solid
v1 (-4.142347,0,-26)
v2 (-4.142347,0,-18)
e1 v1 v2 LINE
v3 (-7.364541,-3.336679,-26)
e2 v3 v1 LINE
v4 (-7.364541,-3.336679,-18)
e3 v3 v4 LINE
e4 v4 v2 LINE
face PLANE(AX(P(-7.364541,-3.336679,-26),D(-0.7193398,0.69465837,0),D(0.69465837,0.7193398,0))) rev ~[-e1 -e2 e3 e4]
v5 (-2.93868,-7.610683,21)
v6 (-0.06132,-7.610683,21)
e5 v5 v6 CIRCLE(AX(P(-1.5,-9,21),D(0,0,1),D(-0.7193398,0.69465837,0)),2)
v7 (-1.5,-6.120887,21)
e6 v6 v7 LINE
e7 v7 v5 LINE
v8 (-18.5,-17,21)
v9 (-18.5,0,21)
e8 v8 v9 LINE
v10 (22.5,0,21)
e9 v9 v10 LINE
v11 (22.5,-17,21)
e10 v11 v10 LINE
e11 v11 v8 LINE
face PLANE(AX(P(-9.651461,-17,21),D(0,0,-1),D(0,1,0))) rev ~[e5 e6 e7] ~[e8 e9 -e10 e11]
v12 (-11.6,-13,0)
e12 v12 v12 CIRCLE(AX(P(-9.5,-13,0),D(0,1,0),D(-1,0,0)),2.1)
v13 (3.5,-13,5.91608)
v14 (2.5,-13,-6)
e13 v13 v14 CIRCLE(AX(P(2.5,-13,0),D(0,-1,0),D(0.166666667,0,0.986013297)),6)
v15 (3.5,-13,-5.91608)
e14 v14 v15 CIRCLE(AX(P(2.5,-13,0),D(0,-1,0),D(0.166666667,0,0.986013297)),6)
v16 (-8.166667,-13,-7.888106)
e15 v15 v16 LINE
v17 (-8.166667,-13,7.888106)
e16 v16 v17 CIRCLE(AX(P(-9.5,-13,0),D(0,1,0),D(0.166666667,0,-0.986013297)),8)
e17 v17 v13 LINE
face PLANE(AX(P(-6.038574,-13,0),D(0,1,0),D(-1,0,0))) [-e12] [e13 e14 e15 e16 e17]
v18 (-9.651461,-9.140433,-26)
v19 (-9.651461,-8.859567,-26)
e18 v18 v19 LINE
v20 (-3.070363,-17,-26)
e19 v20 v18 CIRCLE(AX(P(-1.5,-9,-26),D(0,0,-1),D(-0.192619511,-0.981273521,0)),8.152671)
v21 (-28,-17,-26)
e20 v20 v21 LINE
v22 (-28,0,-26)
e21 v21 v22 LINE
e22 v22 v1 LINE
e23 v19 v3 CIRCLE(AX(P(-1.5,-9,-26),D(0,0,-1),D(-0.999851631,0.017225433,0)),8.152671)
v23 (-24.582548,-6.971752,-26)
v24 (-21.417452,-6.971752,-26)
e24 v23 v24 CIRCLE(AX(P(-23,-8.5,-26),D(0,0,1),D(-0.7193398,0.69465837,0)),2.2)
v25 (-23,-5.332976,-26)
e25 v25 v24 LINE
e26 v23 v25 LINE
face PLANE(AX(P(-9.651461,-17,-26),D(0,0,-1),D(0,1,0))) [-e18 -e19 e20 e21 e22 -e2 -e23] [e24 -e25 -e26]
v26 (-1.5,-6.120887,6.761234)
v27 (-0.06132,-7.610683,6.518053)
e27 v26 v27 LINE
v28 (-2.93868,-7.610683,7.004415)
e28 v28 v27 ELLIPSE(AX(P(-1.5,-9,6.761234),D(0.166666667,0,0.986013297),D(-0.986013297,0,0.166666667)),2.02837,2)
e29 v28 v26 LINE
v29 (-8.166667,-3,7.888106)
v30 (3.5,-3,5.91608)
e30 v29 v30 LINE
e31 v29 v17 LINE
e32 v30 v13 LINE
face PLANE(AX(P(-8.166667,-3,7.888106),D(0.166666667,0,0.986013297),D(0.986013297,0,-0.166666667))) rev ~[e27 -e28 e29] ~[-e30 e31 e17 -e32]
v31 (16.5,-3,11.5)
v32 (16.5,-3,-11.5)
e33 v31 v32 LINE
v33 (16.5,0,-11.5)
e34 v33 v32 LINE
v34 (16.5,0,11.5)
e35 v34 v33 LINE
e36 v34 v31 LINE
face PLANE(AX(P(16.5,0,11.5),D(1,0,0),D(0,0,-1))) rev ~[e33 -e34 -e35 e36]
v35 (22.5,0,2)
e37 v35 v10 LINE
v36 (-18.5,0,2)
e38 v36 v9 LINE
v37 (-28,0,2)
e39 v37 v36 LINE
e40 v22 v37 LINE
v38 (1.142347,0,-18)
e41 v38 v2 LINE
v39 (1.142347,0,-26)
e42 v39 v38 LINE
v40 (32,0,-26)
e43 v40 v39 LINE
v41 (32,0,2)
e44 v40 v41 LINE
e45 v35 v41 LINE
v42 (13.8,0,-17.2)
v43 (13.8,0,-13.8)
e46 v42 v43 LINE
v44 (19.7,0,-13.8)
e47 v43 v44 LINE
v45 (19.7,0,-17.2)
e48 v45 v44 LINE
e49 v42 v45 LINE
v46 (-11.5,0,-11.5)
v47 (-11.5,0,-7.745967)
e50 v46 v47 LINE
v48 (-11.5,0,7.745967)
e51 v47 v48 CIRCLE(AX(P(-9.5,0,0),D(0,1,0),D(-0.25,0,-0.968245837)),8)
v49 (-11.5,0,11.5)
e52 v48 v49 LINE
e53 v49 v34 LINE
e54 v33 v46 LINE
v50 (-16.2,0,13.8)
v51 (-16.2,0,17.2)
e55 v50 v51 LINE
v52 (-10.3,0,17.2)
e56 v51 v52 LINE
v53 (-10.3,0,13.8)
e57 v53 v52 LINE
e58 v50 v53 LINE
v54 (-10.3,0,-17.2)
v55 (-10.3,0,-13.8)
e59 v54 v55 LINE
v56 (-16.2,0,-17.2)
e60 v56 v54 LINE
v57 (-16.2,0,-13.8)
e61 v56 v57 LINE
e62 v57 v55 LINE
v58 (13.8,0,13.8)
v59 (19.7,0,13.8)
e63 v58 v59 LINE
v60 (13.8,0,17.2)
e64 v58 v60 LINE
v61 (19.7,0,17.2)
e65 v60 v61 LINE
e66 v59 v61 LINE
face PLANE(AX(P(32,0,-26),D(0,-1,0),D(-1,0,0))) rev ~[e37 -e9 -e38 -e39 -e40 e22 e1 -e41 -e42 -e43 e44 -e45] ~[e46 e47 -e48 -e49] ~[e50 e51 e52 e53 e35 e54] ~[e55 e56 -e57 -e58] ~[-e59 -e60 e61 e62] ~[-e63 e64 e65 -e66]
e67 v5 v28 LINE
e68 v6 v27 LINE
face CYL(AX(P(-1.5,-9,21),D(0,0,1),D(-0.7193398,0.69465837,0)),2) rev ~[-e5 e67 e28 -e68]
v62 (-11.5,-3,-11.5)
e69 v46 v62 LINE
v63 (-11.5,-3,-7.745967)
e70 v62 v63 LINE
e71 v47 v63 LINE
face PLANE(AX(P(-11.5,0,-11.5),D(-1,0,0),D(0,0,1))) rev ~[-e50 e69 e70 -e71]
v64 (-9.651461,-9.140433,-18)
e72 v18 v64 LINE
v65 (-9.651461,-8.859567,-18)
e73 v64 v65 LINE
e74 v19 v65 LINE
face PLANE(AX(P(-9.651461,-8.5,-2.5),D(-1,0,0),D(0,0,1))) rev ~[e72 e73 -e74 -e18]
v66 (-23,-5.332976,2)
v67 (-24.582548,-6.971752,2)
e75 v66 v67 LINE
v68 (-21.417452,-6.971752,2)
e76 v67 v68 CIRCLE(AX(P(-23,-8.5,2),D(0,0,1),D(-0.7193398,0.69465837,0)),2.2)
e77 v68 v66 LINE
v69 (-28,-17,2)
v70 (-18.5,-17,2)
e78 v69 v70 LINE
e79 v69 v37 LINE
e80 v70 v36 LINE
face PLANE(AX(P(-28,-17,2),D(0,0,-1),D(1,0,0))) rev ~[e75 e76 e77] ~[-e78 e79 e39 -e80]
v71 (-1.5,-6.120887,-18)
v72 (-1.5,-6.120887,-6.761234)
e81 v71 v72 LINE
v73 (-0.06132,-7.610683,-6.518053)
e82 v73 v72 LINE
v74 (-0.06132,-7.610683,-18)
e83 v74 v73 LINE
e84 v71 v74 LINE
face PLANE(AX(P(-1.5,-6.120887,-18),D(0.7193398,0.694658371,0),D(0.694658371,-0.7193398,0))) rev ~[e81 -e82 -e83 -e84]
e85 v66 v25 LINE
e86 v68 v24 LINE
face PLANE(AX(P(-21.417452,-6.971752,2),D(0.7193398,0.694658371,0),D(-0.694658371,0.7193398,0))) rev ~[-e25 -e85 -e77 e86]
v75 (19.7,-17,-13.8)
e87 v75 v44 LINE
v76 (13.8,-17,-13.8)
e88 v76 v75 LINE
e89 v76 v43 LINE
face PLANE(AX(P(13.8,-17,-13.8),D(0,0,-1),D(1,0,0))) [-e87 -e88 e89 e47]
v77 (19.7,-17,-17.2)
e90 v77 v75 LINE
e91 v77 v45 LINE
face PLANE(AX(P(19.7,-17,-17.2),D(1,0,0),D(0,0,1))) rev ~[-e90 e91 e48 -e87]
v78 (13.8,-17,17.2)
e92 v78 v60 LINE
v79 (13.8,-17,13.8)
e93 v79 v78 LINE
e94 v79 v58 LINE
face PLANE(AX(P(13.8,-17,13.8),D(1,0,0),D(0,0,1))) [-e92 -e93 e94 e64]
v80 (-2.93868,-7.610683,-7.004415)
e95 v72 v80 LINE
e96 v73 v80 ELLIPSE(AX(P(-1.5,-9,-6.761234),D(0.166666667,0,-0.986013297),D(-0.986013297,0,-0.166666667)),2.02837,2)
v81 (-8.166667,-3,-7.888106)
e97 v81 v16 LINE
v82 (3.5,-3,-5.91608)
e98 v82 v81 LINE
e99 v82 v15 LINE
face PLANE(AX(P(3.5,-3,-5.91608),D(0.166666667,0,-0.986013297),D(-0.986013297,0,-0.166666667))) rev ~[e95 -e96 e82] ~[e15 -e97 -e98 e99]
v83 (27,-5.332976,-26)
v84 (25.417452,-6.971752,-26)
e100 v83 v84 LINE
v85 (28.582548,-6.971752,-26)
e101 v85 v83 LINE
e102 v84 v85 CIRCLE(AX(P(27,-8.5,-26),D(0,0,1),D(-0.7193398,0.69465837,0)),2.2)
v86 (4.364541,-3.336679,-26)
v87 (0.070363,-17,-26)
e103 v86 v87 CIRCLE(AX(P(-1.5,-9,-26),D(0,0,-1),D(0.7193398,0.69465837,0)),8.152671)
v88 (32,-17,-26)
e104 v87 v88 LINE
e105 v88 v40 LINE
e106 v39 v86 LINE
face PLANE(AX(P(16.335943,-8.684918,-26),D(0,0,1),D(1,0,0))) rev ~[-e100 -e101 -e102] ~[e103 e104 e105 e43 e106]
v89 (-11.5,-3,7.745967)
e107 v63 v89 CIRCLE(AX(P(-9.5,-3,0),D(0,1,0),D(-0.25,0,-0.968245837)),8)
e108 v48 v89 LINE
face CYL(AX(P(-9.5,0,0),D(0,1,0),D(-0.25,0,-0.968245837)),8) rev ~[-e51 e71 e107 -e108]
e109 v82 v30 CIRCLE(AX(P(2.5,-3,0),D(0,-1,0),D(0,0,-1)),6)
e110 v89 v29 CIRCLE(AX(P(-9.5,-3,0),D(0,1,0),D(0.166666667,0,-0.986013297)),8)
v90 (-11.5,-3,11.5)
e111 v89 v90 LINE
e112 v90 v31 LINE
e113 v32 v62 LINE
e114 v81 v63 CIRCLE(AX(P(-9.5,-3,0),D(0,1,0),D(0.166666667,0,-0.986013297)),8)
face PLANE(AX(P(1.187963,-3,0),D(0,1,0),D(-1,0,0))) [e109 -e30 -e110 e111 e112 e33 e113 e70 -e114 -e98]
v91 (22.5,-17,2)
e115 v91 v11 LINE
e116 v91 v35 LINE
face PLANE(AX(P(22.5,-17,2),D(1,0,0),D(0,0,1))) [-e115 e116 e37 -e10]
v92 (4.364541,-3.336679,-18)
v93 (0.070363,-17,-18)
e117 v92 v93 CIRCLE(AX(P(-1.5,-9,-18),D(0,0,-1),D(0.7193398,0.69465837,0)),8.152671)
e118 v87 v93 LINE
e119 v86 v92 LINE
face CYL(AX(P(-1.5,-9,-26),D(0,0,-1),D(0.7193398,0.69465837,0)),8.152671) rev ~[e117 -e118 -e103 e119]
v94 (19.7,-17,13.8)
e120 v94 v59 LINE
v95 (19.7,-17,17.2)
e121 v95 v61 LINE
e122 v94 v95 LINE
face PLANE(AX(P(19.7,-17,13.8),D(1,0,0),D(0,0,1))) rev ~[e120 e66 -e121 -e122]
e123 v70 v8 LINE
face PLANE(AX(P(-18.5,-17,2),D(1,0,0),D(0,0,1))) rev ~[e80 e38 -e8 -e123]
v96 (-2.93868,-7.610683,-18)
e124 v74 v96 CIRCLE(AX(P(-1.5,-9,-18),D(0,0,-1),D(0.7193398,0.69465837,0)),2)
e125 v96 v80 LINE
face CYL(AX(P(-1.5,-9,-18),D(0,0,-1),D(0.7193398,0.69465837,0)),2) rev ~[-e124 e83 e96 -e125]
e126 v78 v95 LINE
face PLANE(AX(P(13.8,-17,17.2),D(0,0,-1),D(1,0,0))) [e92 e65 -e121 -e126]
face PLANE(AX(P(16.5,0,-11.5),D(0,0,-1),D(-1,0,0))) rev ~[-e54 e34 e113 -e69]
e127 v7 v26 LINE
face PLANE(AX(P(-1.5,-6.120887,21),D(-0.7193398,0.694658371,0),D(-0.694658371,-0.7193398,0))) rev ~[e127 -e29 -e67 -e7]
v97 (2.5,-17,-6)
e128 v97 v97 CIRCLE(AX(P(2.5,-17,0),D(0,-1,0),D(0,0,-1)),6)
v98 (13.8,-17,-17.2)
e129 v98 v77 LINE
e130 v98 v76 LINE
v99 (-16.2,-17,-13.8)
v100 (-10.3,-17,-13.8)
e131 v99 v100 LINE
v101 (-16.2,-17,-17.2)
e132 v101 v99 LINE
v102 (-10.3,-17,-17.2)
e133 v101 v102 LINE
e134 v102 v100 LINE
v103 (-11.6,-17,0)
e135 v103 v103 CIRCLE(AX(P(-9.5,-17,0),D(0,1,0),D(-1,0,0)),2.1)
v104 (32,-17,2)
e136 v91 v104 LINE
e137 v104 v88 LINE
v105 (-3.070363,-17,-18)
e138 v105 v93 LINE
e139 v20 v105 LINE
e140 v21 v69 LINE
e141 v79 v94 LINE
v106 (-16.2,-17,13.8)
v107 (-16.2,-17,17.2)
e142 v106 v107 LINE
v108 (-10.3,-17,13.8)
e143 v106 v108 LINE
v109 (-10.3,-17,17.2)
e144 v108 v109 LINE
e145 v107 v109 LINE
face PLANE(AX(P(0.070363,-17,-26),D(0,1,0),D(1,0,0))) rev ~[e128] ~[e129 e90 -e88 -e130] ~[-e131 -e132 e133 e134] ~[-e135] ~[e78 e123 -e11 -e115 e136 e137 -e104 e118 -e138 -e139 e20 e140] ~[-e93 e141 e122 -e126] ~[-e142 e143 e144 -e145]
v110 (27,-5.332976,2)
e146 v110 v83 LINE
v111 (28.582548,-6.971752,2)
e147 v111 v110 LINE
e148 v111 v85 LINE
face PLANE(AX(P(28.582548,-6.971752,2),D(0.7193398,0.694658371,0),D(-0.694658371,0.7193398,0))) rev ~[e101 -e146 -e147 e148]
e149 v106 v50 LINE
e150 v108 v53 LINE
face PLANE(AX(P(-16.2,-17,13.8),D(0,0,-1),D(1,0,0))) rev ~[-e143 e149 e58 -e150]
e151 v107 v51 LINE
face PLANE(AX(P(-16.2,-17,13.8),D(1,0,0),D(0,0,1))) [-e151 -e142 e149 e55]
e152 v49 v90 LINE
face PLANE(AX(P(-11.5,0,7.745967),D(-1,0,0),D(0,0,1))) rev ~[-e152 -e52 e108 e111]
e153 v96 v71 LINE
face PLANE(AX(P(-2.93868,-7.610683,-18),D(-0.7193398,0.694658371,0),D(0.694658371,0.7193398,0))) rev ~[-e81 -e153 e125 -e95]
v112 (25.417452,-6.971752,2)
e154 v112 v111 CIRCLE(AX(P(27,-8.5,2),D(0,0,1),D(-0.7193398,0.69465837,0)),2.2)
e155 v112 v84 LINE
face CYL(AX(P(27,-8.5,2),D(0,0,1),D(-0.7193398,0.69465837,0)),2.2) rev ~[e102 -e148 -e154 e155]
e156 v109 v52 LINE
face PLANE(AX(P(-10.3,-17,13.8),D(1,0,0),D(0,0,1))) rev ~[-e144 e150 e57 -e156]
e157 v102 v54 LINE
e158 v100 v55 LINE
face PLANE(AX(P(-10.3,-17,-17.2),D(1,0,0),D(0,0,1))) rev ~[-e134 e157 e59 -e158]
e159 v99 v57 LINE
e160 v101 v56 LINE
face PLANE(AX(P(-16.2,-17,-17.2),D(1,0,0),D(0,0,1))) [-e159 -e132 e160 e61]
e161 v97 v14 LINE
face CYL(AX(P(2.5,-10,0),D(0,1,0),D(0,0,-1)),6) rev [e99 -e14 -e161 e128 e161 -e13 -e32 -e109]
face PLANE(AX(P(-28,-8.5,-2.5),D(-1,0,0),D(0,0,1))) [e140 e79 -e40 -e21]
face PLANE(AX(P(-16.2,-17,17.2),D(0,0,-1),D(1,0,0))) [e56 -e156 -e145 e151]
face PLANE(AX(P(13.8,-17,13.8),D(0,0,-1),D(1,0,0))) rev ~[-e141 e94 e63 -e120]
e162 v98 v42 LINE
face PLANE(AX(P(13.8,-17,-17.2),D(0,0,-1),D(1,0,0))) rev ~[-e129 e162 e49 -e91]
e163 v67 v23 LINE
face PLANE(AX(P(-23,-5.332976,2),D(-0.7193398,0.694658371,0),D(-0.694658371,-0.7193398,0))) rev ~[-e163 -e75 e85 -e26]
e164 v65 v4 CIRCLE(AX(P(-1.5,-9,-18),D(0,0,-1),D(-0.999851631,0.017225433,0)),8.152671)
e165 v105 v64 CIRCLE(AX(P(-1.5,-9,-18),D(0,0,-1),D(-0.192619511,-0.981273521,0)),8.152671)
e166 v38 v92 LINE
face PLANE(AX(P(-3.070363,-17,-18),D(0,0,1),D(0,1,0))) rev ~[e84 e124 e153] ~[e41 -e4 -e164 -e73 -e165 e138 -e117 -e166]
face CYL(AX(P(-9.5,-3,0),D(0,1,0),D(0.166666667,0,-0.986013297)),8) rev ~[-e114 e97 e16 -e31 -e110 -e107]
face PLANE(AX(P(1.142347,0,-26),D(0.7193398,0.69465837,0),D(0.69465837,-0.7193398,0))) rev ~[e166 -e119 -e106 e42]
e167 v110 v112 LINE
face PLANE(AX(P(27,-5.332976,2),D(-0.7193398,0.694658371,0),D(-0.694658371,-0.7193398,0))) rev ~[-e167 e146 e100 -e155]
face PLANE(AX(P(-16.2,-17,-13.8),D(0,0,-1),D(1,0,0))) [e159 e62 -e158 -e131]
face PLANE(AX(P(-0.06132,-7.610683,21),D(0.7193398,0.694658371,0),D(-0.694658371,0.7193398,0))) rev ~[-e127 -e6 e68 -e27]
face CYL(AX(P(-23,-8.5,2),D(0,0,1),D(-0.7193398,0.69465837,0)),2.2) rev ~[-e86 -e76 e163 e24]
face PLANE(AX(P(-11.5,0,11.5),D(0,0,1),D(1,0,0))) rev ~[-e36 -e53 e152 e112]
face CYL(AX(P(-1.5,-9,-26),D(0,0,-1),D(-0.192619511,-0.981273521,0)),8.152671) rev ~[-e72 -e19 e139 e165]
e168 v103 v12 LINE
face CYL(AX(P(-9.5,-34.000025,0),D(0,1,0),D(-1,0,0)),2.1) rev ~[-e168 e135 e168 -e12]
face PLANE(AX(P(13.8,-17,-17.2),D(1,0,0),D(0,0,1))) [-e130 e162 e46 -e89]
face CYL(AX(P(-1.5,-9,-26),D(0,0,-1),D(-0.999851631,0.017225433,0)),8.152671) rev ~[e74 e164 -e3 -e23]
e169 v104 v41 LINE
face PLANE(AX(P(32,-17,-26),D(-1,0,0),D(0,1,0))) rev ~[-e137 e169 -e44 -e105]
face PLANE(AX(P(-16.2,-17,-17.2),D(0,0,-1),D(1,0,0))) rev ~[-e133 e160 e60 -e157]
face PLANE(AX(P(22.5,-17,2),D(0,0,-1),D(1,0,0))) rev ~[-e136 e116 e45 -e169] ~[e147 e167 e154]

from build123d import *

# Parameters (mm, degrees)
SKETCH1_W           = 17
SKETCH1_H           = 47
BOSS_EXTRUDE1_DEPTH = 6.581097747
CUT_EXTRUDE1_DEPTH  = 8
BOSS_EXTRUDE2_START = 8
BOSS_EXTRUDE2_DEPTH = 8
SKETCH4_W           = 39
SKETCH4_H           = 17
BOSS_EXTRUDE3_DEPTH = 35.070363466
SKETCH5_W           = 47
SKETCH5_H           = 17
BOSS_EXTRUDE4_DEPTH = 18.348538787
BOSS_EXTRUDE5_START = 8
BOSS_EXTRUDE5_DEPTH = 8
CUT_EXTRUDE2_DEPTH  = 3
CUT_EXTRUDE3_DEPTH  = 10
SKETCH9_W           = 9.5
SKETCH9_H           = 19
CUT_EXTRUDE4_DEPTH  = 45.598206242
SKETCH10_W          = 9.5
SKETCH10_H          = 19
CUT_EXTRUDE5_DEPTH  = 45.598206242
SKETCH11_W          = 5.9
SKETCH11_H          = 3.4
CUT_EXTRUDE6_DEPTH  = 45.598206242
SKETCH12_W          = 5.9
SKETCH12_H          = 3.4
CUT_EXTRUDE7_DEPTH  = 45.598206242
SKETCH13_W          = 5.9
SKETCH13_H          = 3.4
CUT_EXTRUDE8_DEPTH  = 45.598206242
CUT_EXTRUDE9_REACH  = 61.346
CUT_EXTRUDE10_DEPTH = 46.793012567
CUT_EXTRUDE11_DEPTH = 46.793012567
SKETCH17_W          = 5.9
SKETCH17_H          = 3.4
CUT_EXTRUDE12_DEPTH = 45.598206242
CUT_EXTRUDE13_REACH = 55.235
SKETCH19_W          = 6
SKETCH19_H          = 14
HOLE1_D             = 4.2
HOLE1_DEPTH         = 17.000025


with BuildPart() as part:
    # Sketch1 → Boss-Extrude1 (new body)
    with BuildSketch(Plane(origin=(-9.651461213, 0, 0), x_dir=(0, -1, 0), z_dir=(-1, 0, 0))):
        with Locations((8.5, -2.5)):
            Rectangle(SKETCH1_W, SKETCH1_H)
    extrude(amount=-BOSS_EXTRUDE1_DEPTH)

    # Sketch2 → Cut-Extrude1 (cut)
    with BuildSketch(Plane(origin=(0, 0, -26), x_dir=(-1, 0, 0), z_dir=(0, 0, -1))):
        with BuildLine():
            Line((3.070363466, 0), (3.070363466, -17))
            Line((3.070363466, -17), (9.651461213, -17))
            Line((9.651461213, -17), (9.651461213, -8.859566716))
            ThreePointArc((9.651461213, -8.859566716), (9.032439772, -5.88096289), (7.364540596, -3.336678977))
            Line((7.364540596, -3.336678977), (4.142347163, 0))
            Line((4.142347163, 0), (3.070363466, 0))
        make_face()
    extrude(amount=-CUT_EXTRUDE1_DEPTH, mode=Mode.SUBTRACT)

    # Sketch3 → Boss-Extrude2 (add)
    with BuildSketch(Plane(origin=(0, 0, -18), x_dir=(-1, 0, 0), z_dir=(0, 0, -1)).offset(BOSS_EXTRUDE2_START)):
        with BuildLine():
            Line((9.651461213, -9.140433284), (9.651461213, -17))
            Line((9.651461213, -17), (3.070363466, -17))
            ThreePointArc((3.070363466, -17), (7.750733238, -14.233963642), (9.651461213, -9.140433284))
        make_face()
    extrude(amount=-BOSS_EXTRUDE2_DEPTH)

    # Sketch4 → Boss-Extrude3 (add)
    with BuildSketch(Plane(origin=(-3.070363466, 0, 0), x_dir=(0, 0, -1), z_dir=(1, 0, 0))):
        with Locations((-1.5, -8.5)):
            Rectangle(SKETCH4_W, SKETCH4_H)
    extrude(amount=BOSS_EXTRUDE3_DEPTH)

    # Sketch5 → Boss-Extrude4 (add)
    with BuildSketch(Plane.ZY.offset(9.651461213)):
        with Locations((-2.5, -8.5)):
            Rectangle(SKETCH5_W, SKETCH5_H)
    extrude(amount=BOSS_EXTRUDE4_DEPTH)

    # Sketch6 → Boss-Extrude5 (add)
    with BuildSketch(Plane(origin=(0, 0, -18), x_dir=(-1, 0, 0), z_dir=(0, 0, -1)).offset(BOSS_EXTRUDE5_START)):
        with BuildLine():
            Line((-32, -17), (-32, 0))
            Line((-32, 0), (-1.142347163, 0))
            Line((-1.142347163, 0), (-4.364540596, -3.336678977))
            ThreePointArc((-4.364540596, -3.336678977), (-6.277598276, -11.444382635), (-0.070363466, -17))
            Line((-0.070363466, -17), (-32, -17))
        make_face()
    extrude(amount=-BOSS_EXTRUDE5_DEPTH)

    # Sketch7 → Cut-Extrude2 (cut)
    with BuildSketch(Plane(origin=(0, 0, 0), x_dir=(-1, 0, 0), z_dir=(0, 1, 0))):
        with BuildLine():
            Line((11.5, -11.5), (11.5, -7.745966692))
            ThreePointArc((11.5, -7.745966692), (17.5, 0), (11.5, 7.745966692))
            Line((11.5, 7.745966692), (11.5, 11.5))
            Line((11.5, 11.5), (-16.5, 11.5))
            Line((-16.5, 11.5), (-16.5, -11.5))
            Line((-16.5, -11.5), (11.5, -11.5))
        make_face()
    extrude(amount=-CUT_EXTRUDE2_DEPTH, mode=Mode.SUBTRACT)

    # Sketch8 → Cut-Extrude3 (cut)
    with BuildSketch(Plane(origin=(0, -3, 0), x_dir=(-1, 0, 0), z_dir=(0, 1, 0))):
        with BuildLine():
            Line((-3.5, -5.916079783), (8.166666667, -7.888106377))
            ThreePointArc((8.166666667, -7.888106377), (17.5, 0), (8.166666667, 7.888106377))
            Line((8.166666667, 7.888106377), (-3.5, 5.916079783))
            ThreePointArc((-3.5, 5.916079783), (3.5, 0), (-3.5, -5.916079783))
        make_face()
    extrude(amount=-CUT_EXTRUDE3_DEPTH, mode=Mode.SUBTRACT)

    # Sketch9 → Cut-Extrude4 (cut, through all)
    with BuildSketch(Plane.XZ.offset(17)):
        with Locations((27.25, 11.5)):
            Rectangle(SKETCH9_W, SKETCH9_H)
    extrude(amount=-CUT_EXTRUDE4_DEPTH, mode=Mode.SUBTRACT)

    # Sketch10 → Cut-Extrude5 (cut, through all)
    with BuildSketch(Plane.XZ.offset(17)):
        with Locations((-23.25, 11.5)):
            Rectangle(SKETCH10_W, SKETCH10_H)
    extrude(amount=-CUT_EXTRUDE5_DEPTH, mode=Mode.SUBTRACT)

    # Sketch11 → Cut-Extrude6 (cut, through all)
    with BuildSketch(Plane.XZ.offset(17)):
        with Locations((-13.25, 15.5)):
            Rectangle(SKETCH11_W, SKETCH11_H)
    extrude(amount=-CUT_EXTRUDE6_DEPTH, mode=Mode.SUBTRACT)

    # Sketch12 → Cut-Extrude7 (cut, through all)
    with BuildSketch(Plane.XZ.offset(17)):
        with Locations((16.75, 15.5)):
            Rectangle(SKETCH12_W, SKETCH12_H)
    extrude(amount=-CUT_EXTRUDE7_DEPTH, mode=Mode.SUBTRACT)

    # Sketch13 → Cut-Extrude8 (cut, through all)
    with BuildSketch(Plane.XZ.offset(17)):
        with Locations((16.75, -15.5)):
            Rectangle(SKETCH13_W, SKETCH13_H)
    extrude(amount=-CUT_EXTRUDE8_DEPTH, mode=Mode.SUBTRACT)

    # Cut-Extrude9: up to this plane
    cut_extrude9_end = Plane(origin=(-8.166666667, -13, 7.888106377), z_dir=(0.16666666666666724, 0, 0.9860132971832694))
    # Sketch14 → Cut-Extrude9 (cut, up to the surface)
    with BuildSketch(Plane.XY.offset(21), mode=Mode.PRIVATE) as cut_extrude9_sk1:
        with BuildLine():
            Line((-0.061320399, -7.610683259), (-1.5, -6.120886921))
            Line((-1.5, -6.120886921), (-2.938679601, -7.610683259))
            ThreePointArc((-2.938679601, -7.610683259), (-1.5, -11), (-0.061320399, -7.610683259))
        make_face()
    cut_extrude9_tool1 = split(extrude(cut_extrude9_sk1.sketch, amount=-CUT_EXTRUDE9_REACH, mode=Mode.PRIVATE), bisect_by=cut_extrude9_end, keep=Keep.BOTH, mode=Mode.PRIVATE)
    add(cut_extrude9_tool1.solids().sort_by_distance((-1.5, -8.847599, 21))[0], mode=Mode.SUBTRACT)

    # Sketch15 → Cut-Extrude10 (cut, through all)
    with BuildSketch(Plane.XY.offset(2)):
        with BuildLine():
            Line((-21.417452439, -6.971751585), (-23, -5.332975613))
            Line((-23, -5.332975613), (-24.582547561, -6.971751585))
            ThreePointArc((-24.582547561, -6.971751585), (-23, -10.7), (-21.417452439, -6.971751585))
        make_face()
    extrude(amount=-CUT_EXTRUDE10_DEPTH, mode=Mode.SUBTRACT)

    # Sketch16 → Cut-Extrude11 (cut, through all)
    with BuildSketch(Plane.XY.offset(2)):
        with BuildLine():
            Line((28.582547561, -6.971751585), (27, -5.332975613))
            Line((27, -5.332975613), (25.417452439, -6.971751585))
            ThreePointArc((25.417452439, -6.971751585), (27, -10.7), (28.582547561, -6.971751585))
        make_face()
    extrude(amount=-CUT_EXTRUDE11_DEPTH, mode=Mode.SUBTRACT)

    # Sketch17 → Cut-Extrude12 (cut, through all)
    with BuildSketch(Plane.XZ.offset(17)):
        with Locations((-13.25, -15.5)):
            Rectangle(SKETCH17_W, SKETCH17_H)
    extrude(amount=-CUT_EXTRUDE12_DEPTH, mode=Mode.SUBTRACT)

    # Cut-Extrude13: up to this plane
    cut_extrude13_end = Plane(origin=(3.5, -13, -5.916079783), z_dir=(0.1666666666666663, 0, -0.9860132971832695))
    # Sketch18 → Cut-Extrude13 (cut, up to the surface)
    with BuildSketch(Plane(origin=(0, 0, -18), x_dir=(-1, 0, 0), z_dir=(0, 0, -1)), mode=Mode.PRIVATE) as cut_extrude13_sk1:
        with BuildLine():
            Line((1.5, -6.120886921), (0.061320399, -7.610683259))
            ThreePointArc((0.061320399, -7.610683259), (1.5, -11), (2.938679601, -7.610683259))
            Line((2.938679601, -7.610683259), (1.5, -6.120886921))
        make_face()
    cut_extrude13_tool1 = split(extrude(cut_extrude13_sk1.sketch, amount=-CUT_EXTRUDE13_REACH, mode=Mode.PRIVATE), bisect_by=cut_extrude13_end, keep=Keep.BOTH, mode=Mode.PRIVATE)
    add(cut_extrude13_tool1.solids().sort_by_distance((-1.5, -8.847599, -18))[0], mode=Mode.SUBTRACT)

    # Sketch19 → Cut-Revolve1 (revolve, cut)
    with BuildSketch(Plane.XY, mode=Mode.PRIVATE) as cut_revolve1_sk:
        with Locations((5.5, -10)):
            Rectangle(SKETCH19_W, SKETCH19_H)
    revolve(cut_revolve1_sk.sketch.rotate(Axis((2.5, -3, 0), (0, -1, 0)), 270), axis=Axis((2.5, -3, 0), (0, -1, 0)), mode=Mode.SUBTRACT)

    # Hole1
    with Locations(Plane.XZ.offset(17)):
        with Locations((-9.5, 0)):
            Hole(HOLE1_D / 2, depth=HOLE1_DEPTH)


solid = part.part
